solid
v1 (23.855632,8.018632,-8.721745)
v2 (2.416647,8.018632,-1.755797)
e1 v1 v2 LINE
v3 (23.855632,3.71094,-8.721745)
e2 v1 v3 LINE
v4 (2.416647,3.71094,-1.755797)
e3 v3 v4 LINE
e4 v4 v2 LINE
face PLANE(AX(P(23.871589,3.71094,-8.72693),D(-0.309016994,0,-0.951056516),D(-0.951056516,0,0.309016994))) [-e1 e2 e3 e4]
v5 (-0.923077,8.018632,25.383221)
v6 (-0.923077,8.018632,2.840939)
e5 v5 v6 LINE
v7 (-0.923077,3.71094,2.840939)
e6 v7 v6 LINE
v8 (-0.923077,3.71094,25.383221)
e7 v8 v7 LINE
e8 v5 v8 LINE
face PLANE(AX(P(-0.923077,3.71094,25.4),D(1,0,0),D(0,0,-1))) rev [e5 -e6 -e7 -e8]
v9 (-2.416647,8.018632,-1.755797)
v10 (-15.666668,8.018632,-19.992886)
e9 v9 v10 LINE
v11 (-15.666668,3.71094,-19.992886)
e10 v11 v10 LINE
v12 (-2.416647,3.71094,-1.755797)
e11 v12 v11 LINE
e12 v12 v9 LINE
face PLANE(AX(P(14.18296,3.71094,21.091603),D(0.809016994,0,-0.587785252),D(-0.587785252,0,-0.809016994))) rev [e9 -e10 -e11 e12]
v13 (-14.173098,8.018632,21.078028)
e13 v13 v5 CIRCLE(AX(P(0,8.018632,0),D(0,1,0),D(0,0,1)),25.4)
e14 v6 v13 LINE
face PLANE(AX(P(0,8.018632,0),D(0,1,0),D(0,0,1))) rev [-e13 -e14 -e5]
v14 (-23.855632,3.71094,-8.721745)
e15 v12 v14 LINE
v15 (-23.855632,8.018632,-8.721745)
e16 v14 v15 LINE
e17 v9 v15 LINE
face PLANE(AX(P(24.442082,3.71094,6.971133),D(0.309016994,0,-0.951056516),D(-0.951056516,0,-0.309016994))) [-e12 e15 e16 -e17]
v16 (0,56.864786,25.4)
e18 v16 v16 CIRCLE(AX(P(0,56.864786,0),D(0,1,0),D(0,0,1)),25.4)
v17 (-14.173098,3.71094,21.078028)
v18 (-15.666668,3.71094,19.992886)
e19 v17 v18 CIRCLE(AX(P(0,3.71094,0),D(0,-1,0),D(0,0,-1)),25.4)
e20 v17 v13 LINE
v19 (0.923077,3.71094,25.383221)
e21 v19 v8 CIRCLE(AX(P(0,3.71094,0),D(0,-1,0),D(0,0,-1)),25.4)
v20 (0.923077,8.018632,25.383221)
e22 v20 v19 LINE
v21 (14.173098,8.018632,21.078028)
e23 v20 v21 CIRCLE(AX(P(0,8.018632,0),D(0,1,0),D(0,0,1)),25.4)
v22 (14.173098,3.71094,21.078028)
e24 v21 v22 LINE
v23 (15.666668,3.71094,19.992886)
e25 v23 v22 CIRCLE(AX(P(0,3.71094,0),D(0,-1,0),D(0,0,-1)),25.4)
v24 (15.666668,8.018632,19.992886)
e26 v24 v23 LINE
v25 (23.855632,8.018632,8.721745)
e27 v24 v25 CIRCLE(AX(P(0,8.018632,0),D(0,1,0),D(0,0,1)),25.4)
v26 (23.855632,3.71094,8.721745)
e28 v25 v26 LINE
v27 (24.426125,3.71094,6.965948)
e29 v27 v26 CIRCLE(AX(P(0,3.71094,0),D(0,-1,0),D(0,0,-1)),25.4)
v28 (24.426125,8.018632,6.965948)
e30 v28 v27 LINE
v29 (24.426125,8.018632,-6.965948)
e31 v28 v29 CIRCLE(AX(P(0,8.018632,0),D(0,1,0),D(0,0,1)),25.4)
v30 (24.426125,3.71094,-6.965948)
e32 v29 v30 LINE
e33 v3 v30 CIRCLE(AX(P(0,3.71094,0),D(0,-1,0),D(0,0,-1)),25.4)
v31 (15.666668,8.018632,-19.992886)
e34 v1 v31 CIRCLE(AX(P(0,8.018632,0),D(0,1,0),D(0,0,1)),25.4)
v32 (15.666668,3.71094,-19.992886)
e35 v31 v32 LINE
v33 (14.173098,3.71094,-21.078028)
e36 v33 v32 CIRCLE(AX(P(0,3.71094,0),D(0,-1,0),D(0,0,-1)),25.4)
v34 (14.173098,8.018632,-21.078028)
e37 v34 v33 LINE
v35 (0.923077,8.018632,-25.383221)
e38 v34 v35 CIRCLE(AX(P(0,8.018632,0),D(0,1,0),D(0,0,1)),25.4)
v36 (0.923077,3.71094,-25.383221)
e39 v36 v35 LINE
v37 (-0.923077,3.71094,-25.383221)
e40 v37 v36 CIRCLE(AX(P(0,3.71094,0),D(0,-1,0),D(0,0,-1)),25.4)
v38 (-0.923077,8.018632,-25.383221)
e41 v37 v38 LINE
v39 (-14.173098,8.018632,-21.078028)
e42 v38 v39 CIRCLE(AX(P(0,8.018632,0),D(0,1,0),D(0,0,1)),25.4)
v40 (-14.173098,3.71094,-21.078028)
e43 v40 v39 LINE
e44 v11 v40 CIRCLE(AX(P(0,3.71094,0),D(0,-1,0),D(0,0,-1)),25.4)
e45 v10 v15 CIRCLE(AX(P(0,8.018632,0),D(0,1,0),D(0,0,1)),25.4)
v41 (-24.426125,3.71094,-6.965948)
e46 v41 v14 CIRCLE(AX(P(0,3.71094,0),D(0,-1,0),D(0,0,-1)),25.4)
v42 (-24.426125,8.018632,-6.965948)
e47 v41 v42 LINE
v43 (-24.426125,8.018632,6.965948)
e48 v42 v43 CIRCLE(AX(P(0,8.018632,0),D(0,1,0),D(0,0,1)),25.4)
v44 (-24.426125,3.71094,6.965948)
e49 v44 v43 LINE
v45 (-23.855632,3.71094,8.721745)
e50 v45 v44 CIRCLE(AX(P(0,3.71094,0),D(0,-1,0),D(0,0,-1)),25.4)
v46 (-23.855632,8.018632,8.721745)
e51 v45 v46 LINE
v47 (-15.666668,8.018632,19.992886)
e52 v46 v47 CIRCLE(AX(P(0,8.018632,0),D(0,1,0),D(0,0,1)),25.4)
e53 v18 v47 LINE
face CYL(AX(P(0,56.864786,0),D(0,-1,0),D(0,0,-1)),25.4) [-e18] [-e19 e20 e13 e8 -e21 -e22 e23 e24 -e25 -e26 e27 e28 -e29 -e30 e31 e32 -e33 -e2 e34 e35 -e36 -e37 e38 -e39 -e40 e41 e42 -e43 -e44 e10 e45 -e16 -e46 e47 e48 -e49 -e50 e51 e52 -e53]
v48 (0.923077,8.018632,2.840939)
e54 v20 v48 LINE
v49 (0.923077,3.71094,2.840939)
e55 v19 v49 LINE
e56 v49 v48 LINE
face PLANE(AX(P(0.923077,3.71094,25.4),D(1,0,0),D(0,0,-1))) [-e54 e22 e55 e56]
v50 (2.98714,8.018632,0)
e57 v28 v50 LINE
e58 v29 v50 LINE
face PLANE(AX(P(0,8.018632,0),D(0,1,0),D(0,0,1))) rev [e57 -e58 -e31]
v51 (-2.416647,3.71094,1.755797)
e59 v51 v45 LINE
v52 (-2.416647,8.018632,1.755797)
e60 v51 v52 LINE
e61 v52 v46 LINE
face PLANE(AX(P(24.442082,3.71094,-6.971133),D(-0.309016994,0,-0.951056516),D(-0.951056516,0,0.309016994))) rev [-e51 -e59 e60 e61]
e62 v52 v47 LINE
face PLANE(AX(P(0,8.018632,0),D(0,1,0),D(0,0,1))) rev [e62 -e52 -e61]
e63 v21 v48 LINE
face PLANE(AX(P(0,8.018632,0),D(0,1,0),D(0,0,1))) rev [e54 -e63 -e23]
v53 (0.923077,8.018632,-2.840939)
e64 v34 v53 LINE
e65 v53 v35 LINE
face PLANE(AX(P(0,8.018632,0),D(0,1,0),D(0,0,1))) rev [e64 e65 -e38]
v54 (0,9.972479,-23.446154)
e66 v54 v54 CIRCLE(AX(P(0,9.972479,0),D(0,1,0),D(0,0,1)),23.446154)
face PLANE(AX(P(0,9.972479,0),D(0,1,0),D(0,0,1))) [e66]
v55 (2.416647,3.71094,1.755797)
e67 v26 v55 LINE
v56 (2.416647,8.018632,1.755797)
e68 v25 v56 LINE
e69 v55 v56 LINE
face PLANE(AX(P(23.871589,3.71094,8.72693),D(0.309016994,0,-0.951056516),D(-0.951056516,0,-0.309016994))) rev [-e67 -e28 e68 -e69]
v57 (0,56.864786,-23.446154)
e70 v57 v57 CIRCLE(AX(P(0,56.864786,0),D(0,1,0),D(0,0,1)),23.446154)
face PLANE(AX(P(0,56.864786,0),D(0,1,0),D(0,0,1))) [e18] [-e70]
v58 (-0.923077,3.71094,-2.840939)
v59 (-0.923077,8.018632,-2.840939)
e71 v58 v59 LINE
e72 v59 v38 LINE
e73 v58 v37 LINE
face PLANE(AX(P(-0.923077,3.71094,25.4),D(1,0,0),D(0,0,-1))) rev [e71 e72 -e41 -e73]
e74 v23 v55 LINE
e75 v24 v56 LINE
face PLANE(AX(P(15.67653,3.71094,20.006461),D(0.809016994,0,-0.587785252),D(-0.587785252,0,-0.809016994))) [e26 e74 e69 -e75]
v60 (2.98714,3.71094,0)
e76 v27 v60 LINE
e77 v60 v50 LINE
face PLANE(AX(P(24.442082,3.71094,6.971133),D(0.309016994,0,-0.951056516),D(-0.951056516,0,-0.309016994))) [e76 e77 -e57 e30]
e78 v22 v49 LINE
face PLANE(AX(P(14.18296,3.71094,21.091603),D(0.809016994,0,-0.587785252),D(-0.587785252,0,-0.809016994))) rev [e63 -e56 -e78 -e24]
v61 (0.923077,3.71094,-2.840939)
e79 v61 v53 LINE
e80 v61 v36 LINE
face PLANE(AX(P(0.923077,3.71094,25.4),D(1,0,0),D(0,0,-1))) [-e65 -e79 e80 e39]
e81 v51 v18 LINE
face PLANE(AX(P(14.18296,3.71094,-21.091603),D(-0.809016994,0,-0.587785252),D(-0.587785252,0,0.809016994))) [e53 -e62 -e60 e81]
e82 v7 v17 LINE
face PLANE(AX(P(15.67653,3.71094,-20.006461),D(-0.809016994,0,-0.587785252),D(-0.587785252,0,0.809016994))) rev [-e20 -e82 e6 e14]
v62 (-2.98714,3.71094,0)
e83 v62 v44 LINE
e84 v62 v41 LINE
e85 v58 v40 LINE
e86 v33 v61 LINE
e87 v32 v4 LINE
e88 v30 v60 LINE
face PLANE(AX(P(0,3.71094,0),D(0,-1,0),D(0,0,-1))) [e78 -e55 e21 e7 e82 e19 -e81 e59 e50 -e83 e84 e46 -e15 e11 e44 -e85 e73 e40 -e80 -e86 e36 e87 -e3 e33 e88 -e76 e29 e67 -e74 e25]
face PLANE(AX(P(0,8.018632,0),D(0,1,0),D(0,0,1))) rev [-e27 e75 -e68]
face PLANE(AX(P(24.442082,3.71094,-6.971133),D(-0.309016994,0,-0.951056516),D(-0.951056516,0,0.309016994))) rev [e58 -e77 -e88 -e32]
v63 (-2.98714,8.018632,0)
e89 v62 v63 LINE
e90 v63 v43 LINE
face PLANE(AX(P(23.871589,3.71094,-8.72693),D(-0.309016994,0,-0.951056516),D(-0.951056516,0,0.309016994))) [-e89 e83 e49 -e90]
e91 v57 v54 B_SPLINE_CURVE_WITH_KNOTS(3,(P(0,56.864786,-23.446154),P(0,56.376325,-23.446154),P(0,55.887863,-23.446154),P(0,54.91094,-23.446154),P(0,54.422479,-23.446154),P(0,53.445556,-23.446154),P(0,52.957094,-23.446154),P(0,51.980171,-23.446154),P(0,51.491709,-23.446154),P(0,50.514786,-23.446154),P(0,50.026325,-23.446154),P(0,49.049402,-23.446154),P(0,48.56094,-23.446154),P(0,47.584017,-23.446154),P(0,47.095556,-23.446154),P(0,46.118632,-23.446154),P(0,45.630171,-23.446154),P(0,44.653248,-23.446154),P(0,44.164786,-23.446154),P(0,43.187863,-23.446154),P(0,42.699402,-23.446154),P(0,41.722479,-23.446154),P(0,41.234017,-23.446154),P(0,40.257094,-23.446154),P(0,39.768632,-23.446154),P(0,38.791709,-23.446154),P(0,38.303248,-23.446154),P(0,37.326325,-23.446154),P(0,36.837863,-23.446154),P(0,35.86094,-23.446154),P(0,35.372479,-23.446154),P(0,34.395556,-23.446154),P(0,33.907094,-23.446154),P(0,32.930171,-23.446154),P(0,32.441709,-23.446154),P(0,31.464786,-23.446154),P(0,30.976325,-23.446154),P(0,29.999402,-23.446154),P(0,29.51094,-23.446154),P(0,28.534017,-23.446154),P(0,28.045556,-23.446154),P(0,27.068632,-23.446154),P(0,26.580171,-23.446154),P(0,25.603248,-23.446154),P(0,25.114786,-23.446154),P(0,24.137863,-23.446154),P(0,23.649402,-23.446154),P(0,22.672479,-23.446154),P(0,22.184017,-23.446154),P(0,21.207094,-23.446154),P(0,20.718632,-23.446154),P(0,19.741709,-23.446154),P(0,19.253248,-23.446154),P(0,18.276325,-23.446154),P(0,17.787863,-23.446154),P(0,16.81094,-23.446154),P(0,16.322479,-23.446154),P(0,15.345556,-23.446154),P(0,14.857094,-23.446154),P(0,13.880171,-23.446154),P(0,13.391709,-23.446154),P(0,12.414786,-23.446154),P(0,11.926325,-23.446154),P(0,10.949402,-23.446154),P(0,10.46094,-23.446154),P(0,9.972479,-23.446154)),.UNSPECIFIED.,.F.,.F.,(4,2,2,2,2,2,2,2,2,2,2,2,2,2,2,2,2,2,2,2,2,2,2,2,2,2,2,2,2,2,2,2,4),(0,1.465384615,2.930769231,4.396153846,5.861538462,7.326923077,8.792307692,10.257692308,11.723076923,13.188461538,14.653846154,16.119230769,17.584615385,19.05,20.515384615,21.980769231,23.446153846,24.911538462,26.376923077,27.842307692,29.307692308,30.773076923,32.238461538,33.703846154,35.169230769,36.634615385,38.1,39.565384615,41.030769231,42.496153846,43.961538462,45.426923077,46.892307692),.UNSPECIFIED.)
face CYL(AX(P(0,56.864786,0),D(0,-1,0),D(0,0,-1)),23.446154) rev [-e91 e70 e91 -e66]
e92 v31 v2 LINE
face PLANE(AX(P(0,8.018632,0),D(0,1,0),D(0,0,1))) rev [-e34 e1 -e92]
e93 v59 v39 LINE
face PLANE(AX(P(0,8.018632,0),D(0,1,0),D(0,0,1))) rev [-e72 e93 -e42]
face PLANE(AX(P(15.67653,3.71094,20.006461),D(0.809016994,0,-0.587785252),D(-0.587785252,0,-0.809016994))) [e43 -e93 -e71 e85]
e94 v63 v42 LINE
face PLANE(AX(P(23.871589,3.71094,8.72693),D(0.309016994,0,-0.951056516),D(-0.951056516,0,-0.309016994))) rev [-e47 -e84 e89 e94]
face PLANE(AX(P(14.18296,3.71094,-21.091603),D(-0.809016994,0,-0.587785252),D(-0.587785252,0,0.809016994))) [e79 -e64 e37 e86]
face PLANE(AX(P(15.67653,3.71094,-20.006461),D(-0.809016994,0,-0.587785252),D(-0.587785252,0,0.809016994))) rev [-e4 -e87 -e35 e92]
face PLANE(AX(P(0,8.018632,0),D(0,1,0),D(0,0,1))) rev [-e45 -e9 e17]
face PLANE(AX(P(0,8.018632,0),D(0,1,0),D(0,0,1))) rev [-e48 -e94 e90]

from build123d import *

# Parameters (mm, degrees)
SKETCH1_R               = 38.1
BOSS_EXTRUDE1_DEPTH     = 76.2
SHELL2_T                = 3.175
SKETCH2_W               = 3
SKETCH2_H               = 82.55
BOSS_EXTRUDE2_DEPTH     = 7
CUT_EXTRUDE1_DEPTH      = 99.527366122
CUT_EXTRUDE1_DEPTH_BACK = 99.527366122
SKETCH3_R               = 61.906276858
SKETCH3_R_2             = 41.275
SCALE1_SCALE            = 0.615384615


with BuildPart() as part:
    # Sketch1 → Boss-Extrude1 (new body)
    with BuildSketch(Plane(origin=(0, 0, 0), x_dir=(1, 0, 0), z_dir=(0, 1, 0))):
        Circle(SKETCH1_R)
    extrude(amount=BOSS_EXTRUDE1_DEPTH)

    # Shell2
    shell2_openings = [part.faces().sort_by_distance(p)[0] for p in [
        (0, 76.2, 0),
    ]]
    offset(amount=SHELL2_T, openings=shell2_openings, kind=Kind.INTERSECTION)

    # Sketch2 → Boss-Extrude2 (add)
    with BuildSketch(Plane(origin=(0, -3.175, 0), x_dir=(-1, 0, 0), z_dir=(0, -1, 0))):
        Rectangle(SKETCH2_W, SKETCH2_H)
        Polygon((-23.047310797, -34.273854321), (25.47436178, 32.510498564), (23.047310797, 34.273854321), (-25.47436178, -32.510498564), align=None)
        Polygon((-38.791332219, -14.181261217), (39.718383202, 11.328091668), (38.791332219, 14.181261217), (-39.718383202, -11.328091668), align=None)
        Polygon((-39.718383202, 11.328091668), (38.791332219, -14.181261217), (39.718383202, -11.328091668), (-38.791332219, 14.181261217), align=None)
        Polygon((-25.47436178, 32.510498564), (23.047310797, -34.273854321), (25.47436178, -32.510498564), (-23.047310797, 34.273854321), align=None)
    extrude(amount=BOSS_EXTRUDE2_DEPTH)

    # Sketch3 → Cut-Extrude1 (cut, two sides: drawn at the far end of the back side and taken through both)
    with BuildSketch(Plane.XZ.offset(3.175).offset(-CUT_EXTRUDE1_DEPTH_BACK)):
        Circle(SKETCH3_R)
        Circle(SKETCH3_R_2, mode=Mode.SUBTRACT)
    extrude(amount=CUT_EXTRUDE1_DEPTH + CUT_EXTRUDE1_DEPTH_BACK, mode=Mode.SUBTRACT)


with BuildPart() as part_1:
    # Scale1: scaled about (0, 25.92844449, 0)
    add(part.part.scale(SCALE1_SCALE).moved(Location((0, 9.97247865, 0))))


solid = part_1.part
